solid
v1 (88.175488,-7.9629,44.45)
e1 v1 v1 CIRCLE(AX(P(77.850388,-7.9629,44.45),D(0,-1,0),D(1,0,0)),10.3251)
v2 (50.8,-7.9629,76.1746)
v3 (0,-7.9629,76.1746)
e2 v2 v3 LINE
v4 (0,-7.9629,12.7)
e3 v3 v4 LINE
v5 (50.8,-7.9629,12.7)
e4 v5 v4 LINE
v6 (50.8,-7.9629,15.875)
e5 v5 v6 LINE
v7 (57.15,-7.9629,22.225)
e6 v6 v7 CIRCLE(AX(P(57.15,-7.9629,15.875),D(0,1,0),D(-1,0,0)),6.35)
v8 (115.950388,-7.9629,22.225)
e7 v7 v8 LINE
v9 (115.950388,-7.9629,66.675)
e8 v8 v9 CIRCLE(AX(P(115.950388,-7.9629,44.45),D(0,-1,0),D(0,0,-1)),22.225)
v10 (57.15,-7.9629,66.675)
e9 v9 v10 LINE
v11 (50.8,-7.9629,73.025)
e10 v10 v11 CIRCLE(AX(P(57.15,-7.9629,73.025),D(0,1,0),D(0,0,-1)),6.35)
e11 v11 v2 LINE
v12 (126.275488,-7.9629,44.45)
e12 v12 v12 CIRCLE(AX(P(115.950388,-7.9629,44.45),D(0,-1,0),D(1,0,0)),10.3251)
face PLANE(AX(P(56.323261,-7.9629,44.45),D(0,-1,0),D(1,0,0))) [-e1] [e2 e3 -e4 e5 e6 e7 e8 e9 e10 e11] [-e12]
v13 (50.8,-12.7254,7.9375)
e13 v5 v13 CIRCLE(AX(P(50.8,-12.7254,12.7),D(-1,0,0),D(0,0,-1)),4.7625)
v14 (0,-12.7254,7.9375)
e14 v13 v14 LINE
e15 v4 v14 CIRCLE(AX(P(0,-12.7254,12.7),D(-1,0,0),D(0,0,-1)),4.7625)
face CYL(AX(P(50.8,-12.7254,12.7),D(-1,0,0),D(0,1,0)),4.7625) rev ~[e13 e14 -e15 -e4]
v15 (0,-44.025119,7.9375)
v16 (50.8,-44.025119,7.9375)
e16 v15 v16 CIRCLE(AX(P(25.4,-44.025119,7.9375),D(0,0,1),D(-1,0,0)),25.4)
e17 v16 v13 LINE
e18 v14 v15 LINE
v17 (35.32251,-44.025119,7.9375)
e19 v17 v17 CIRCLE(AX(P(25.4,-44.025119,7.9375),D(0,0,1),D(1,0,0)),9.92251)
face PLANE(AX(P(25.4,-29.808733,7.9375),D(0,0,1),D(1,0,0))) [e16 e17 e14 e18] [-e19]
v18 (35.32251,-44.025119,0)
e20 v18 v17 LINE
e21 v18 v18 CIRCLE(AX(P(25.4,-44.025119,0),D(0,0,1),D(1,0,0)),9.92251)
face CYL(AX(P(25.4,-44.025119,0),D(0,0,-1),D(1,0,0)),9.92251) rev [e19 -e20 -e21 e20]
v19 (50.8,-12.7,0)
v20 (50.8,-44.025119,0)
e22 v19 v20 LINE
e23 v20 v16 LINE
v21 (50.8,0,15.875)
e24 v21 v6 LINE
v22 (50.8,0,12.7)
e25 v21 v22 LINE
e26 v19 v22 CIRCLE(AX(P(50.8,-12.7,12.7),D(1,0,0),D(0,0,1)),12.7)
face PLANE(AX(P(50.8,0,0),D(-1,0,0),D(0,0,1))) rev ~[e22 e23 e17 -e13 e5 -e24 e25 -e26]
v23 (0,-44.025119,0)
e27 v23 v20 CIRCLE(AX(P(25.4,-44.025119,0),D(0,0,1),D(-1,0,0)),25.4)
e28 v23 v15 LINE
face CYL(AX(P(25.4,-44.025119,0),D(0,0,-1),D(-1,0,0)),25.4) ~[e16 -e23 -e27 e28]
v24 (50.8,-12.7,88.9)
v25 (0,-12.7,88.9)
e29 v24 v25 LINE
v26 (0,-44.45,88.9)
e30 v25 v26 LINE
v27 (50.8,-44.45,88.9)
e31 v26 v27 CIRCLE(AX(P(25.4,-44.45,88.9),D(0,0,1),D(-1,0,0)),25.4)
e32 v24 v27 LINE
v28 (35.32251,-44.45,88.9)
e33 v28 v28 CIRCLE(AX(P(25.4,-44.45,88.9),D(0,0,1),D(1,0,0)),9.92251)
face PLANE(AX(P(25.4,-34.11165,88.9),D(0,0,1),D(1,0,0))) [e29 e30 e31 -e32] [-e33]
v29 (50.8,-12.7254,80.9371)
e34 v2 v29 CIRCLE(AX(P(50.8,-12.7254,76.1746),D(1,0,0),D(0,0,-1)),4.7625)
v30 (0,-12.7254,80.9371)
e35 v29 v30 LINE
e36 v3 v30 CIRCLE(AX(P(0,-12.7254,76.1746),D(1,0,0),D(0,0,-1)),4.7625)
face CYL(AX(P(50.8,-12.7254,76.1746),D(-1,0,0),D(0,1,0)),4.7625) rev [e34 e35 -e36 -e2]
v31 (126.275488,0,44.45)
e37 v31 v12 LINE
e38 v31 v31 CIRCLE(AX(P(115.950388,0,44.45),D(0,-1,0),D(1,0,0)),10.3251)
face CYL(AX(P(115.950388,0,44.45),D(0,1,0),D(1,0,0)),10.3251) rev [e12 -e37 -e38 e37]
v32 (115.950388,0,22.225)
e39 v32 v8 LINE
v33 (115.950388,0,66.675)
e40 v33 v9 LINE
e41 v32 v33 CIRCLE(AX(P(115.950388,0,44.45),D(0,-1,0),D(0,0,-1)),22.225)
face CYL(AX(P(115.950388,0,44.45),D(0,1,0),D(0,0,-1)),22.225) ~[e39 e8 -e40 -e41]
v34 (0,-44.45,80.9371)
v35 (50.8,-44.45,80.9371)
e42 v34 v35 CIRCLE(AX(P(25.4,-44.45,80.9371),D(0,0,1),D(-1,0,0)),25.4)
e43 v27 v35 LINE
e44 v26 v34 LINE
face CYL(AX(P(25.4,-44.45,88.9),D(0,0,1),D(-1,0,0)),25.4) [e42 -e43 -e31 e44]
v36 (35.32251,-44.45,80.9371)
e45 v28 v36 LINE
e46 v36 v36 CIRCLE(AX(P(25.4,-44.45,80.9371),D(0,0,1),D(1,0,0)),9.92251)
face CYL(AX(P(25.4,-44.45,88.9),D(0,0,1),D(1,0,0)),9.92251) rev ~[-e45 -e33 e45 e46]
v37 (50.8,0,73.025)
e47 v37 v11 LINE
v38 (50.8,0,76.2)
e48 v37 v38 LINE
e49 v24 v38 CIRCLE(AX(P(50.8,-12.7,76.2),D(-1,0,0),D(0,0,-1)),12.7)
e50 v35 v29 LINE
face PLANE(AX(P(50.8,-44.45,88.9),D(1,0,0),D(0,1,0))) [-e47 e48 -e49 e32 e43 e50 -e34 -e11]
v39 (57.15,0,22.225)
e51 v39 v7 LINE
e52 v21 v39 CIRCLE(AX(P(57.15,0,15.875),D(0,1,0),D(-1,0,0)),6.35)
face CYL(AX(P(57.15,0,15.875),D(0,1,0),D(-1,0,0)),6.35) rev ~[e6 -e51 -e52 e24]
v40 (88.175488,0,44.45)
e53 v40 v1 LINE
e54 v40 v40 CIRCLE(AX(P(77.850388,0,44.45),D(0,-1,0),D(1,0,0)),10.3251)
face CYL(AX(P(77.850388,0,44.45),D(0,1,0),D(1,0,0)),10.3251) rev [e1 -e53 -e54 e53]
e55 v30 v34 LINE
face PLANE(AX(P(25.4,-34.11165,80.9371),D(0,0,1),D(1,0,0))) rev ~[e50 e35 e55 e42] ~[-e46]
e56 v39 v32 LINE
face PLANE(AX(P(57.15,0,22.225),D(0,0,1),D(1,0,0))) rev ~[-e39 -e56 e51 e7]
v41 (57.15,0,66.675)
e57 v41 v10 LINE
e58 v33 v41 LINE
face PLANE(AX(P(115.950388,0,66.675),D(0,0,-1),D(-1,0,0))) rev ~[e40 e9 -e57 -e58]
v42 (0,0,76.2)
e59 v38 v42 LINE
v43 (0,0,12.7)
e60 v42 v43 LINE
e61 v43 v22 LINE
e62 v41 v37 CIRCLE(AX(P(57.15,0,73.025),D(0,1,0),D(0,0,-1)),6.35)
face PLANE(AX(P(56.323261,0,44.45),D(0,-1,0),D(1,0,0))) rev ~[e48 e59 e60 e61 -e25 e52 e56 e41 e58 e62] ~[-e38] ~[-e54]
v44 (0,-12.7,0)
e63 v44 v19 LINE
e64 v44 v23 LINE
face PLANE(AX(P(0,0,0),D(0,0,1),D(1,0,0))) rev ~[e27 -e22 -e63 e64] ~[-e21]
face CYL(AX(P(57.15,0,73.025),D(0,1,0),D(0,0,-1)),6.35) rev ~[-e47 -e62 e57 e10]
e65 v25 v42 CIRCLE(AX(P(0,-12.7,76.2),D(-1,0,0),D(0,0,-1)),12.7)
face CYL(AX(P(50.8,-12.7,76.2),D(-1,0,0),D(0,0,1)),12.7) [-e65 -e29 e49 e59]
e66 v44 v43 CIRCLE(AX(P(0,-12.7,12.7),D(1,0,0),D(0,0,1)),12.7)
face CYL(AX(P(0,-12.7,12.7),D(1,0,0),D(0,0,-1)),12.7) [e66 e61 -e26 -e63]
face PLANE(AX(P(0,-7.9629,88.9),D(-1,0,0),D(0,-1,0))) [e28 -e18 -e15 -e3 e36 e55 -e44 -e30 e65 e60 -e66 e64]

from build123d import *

# Parameters (mm, degrees)
F0_R     = 10.3251
F1_DEPTH = 7.9629
F2_R     = 9.92251
F3_DEPTH = 7.9375
F4_R     = 9.92251
F5_DEPTH = 7.9629
F6_R     = 12.7
F7_R     = 4.7625


with BuildPart() as f1:
    # F0 (on Front) → F1 (new body)
    with BuildSketch(Plane.XZ):
        with BuildLine():
            Line((0, 88.9), (0, 0))
            Line((0, 0), (50.8, 0))
            Line((50.8, 0), (50.8, 15.875))
            ThreePointArc((50.8, 15.875), (52.6598719395, 20.3651280605), (57.15, 22.225))
            Line((57.15, 22.225), (65.1503875852, 22.225))
            Line((65.1503875852, 22.225), (115.9503875852, 22.225))
            ThreePointArc((115.9503875852, 22.225), (138.1753875852, 44.45), (115.9503875852, 66.675))
            Line((115.9503875852, 66.675), (65.1503875852, 66.675))
            Line((65.1503875852, 66.675), (57.15, 66.675))
            ThreePointArc((57.15, 66.675), (52.6598719395, 68.5348719395), (50.8, 73.025))
            Line((50.8, 73.025), (50.8, 88.9))
            Line((50.8, 88.9), (0, 88.9))
        make_face()
        with Locations((77.8503875852, 44.45)):
            Circle(F0_R, mode=Mode.SUBTRACT)
        with Locations((115.9503875852, 44.45)):
            Circle(F0_R, mode=Mode.SUBTRACT)
    extrude(amount=F1_DEPTH)

    # F2 (on Top) → F3 (join)
    with BuildSketch(Plane.XY):
        with BuildLine():
            Line((0, 0), (0, -44.0251193941))
            ThreePointArc((0, -44.0251193941), (25.4, -69.4251193941), (50.8, -44.0251193941))
            Line((50.8, -44.0251193941), (50.8, 0))
            Line((50.8, 0), (0, 0))
        make_face()
        with Locations((25.4, -44.0251193941)):
            Circle(F2_R, mode=Mode.SUBTRACT)
    extrude(amount=F3_DEPTH)

    # F4 (on face) → F5 (join)
    with BuildSketch(Plane.XY.offset(88.9)):
        with BuildLine():
            Line((50.8, -44.45), (50.8, -7.9629))
            Line((50.8, -7.9629), (0, -7.9629))
            Line((0, -7.9629), (0, -44.45))
            ThreePointArc((0, -44.45), (25.4, -69.85), (50.8, -44.45))
        make_face()
        with Locations((25.4, -44.45)):
            Circle(F4_R, mode=Mode.SUBTRACT)
    extrude(amount=-F5_DEPTH)

    # F6
    f6_edges = [f1.edges().sort_by_distance(p)[0] for p in [
        (25.4, 0, 0),
        (25.4, 0, 88.9),
    ]]
    fillet(f6_edges, radius=F6_R)

    # F7
    f7_edges = [f1.edges().sort_by_distance(p)[0] for p in [
        (25.4, -7.9629, 7.9375),
        (25.4, -7.9629, 80.9371),
    ]]
    fillet(f7_edges, radius=F7_R)


solid = f1.part
